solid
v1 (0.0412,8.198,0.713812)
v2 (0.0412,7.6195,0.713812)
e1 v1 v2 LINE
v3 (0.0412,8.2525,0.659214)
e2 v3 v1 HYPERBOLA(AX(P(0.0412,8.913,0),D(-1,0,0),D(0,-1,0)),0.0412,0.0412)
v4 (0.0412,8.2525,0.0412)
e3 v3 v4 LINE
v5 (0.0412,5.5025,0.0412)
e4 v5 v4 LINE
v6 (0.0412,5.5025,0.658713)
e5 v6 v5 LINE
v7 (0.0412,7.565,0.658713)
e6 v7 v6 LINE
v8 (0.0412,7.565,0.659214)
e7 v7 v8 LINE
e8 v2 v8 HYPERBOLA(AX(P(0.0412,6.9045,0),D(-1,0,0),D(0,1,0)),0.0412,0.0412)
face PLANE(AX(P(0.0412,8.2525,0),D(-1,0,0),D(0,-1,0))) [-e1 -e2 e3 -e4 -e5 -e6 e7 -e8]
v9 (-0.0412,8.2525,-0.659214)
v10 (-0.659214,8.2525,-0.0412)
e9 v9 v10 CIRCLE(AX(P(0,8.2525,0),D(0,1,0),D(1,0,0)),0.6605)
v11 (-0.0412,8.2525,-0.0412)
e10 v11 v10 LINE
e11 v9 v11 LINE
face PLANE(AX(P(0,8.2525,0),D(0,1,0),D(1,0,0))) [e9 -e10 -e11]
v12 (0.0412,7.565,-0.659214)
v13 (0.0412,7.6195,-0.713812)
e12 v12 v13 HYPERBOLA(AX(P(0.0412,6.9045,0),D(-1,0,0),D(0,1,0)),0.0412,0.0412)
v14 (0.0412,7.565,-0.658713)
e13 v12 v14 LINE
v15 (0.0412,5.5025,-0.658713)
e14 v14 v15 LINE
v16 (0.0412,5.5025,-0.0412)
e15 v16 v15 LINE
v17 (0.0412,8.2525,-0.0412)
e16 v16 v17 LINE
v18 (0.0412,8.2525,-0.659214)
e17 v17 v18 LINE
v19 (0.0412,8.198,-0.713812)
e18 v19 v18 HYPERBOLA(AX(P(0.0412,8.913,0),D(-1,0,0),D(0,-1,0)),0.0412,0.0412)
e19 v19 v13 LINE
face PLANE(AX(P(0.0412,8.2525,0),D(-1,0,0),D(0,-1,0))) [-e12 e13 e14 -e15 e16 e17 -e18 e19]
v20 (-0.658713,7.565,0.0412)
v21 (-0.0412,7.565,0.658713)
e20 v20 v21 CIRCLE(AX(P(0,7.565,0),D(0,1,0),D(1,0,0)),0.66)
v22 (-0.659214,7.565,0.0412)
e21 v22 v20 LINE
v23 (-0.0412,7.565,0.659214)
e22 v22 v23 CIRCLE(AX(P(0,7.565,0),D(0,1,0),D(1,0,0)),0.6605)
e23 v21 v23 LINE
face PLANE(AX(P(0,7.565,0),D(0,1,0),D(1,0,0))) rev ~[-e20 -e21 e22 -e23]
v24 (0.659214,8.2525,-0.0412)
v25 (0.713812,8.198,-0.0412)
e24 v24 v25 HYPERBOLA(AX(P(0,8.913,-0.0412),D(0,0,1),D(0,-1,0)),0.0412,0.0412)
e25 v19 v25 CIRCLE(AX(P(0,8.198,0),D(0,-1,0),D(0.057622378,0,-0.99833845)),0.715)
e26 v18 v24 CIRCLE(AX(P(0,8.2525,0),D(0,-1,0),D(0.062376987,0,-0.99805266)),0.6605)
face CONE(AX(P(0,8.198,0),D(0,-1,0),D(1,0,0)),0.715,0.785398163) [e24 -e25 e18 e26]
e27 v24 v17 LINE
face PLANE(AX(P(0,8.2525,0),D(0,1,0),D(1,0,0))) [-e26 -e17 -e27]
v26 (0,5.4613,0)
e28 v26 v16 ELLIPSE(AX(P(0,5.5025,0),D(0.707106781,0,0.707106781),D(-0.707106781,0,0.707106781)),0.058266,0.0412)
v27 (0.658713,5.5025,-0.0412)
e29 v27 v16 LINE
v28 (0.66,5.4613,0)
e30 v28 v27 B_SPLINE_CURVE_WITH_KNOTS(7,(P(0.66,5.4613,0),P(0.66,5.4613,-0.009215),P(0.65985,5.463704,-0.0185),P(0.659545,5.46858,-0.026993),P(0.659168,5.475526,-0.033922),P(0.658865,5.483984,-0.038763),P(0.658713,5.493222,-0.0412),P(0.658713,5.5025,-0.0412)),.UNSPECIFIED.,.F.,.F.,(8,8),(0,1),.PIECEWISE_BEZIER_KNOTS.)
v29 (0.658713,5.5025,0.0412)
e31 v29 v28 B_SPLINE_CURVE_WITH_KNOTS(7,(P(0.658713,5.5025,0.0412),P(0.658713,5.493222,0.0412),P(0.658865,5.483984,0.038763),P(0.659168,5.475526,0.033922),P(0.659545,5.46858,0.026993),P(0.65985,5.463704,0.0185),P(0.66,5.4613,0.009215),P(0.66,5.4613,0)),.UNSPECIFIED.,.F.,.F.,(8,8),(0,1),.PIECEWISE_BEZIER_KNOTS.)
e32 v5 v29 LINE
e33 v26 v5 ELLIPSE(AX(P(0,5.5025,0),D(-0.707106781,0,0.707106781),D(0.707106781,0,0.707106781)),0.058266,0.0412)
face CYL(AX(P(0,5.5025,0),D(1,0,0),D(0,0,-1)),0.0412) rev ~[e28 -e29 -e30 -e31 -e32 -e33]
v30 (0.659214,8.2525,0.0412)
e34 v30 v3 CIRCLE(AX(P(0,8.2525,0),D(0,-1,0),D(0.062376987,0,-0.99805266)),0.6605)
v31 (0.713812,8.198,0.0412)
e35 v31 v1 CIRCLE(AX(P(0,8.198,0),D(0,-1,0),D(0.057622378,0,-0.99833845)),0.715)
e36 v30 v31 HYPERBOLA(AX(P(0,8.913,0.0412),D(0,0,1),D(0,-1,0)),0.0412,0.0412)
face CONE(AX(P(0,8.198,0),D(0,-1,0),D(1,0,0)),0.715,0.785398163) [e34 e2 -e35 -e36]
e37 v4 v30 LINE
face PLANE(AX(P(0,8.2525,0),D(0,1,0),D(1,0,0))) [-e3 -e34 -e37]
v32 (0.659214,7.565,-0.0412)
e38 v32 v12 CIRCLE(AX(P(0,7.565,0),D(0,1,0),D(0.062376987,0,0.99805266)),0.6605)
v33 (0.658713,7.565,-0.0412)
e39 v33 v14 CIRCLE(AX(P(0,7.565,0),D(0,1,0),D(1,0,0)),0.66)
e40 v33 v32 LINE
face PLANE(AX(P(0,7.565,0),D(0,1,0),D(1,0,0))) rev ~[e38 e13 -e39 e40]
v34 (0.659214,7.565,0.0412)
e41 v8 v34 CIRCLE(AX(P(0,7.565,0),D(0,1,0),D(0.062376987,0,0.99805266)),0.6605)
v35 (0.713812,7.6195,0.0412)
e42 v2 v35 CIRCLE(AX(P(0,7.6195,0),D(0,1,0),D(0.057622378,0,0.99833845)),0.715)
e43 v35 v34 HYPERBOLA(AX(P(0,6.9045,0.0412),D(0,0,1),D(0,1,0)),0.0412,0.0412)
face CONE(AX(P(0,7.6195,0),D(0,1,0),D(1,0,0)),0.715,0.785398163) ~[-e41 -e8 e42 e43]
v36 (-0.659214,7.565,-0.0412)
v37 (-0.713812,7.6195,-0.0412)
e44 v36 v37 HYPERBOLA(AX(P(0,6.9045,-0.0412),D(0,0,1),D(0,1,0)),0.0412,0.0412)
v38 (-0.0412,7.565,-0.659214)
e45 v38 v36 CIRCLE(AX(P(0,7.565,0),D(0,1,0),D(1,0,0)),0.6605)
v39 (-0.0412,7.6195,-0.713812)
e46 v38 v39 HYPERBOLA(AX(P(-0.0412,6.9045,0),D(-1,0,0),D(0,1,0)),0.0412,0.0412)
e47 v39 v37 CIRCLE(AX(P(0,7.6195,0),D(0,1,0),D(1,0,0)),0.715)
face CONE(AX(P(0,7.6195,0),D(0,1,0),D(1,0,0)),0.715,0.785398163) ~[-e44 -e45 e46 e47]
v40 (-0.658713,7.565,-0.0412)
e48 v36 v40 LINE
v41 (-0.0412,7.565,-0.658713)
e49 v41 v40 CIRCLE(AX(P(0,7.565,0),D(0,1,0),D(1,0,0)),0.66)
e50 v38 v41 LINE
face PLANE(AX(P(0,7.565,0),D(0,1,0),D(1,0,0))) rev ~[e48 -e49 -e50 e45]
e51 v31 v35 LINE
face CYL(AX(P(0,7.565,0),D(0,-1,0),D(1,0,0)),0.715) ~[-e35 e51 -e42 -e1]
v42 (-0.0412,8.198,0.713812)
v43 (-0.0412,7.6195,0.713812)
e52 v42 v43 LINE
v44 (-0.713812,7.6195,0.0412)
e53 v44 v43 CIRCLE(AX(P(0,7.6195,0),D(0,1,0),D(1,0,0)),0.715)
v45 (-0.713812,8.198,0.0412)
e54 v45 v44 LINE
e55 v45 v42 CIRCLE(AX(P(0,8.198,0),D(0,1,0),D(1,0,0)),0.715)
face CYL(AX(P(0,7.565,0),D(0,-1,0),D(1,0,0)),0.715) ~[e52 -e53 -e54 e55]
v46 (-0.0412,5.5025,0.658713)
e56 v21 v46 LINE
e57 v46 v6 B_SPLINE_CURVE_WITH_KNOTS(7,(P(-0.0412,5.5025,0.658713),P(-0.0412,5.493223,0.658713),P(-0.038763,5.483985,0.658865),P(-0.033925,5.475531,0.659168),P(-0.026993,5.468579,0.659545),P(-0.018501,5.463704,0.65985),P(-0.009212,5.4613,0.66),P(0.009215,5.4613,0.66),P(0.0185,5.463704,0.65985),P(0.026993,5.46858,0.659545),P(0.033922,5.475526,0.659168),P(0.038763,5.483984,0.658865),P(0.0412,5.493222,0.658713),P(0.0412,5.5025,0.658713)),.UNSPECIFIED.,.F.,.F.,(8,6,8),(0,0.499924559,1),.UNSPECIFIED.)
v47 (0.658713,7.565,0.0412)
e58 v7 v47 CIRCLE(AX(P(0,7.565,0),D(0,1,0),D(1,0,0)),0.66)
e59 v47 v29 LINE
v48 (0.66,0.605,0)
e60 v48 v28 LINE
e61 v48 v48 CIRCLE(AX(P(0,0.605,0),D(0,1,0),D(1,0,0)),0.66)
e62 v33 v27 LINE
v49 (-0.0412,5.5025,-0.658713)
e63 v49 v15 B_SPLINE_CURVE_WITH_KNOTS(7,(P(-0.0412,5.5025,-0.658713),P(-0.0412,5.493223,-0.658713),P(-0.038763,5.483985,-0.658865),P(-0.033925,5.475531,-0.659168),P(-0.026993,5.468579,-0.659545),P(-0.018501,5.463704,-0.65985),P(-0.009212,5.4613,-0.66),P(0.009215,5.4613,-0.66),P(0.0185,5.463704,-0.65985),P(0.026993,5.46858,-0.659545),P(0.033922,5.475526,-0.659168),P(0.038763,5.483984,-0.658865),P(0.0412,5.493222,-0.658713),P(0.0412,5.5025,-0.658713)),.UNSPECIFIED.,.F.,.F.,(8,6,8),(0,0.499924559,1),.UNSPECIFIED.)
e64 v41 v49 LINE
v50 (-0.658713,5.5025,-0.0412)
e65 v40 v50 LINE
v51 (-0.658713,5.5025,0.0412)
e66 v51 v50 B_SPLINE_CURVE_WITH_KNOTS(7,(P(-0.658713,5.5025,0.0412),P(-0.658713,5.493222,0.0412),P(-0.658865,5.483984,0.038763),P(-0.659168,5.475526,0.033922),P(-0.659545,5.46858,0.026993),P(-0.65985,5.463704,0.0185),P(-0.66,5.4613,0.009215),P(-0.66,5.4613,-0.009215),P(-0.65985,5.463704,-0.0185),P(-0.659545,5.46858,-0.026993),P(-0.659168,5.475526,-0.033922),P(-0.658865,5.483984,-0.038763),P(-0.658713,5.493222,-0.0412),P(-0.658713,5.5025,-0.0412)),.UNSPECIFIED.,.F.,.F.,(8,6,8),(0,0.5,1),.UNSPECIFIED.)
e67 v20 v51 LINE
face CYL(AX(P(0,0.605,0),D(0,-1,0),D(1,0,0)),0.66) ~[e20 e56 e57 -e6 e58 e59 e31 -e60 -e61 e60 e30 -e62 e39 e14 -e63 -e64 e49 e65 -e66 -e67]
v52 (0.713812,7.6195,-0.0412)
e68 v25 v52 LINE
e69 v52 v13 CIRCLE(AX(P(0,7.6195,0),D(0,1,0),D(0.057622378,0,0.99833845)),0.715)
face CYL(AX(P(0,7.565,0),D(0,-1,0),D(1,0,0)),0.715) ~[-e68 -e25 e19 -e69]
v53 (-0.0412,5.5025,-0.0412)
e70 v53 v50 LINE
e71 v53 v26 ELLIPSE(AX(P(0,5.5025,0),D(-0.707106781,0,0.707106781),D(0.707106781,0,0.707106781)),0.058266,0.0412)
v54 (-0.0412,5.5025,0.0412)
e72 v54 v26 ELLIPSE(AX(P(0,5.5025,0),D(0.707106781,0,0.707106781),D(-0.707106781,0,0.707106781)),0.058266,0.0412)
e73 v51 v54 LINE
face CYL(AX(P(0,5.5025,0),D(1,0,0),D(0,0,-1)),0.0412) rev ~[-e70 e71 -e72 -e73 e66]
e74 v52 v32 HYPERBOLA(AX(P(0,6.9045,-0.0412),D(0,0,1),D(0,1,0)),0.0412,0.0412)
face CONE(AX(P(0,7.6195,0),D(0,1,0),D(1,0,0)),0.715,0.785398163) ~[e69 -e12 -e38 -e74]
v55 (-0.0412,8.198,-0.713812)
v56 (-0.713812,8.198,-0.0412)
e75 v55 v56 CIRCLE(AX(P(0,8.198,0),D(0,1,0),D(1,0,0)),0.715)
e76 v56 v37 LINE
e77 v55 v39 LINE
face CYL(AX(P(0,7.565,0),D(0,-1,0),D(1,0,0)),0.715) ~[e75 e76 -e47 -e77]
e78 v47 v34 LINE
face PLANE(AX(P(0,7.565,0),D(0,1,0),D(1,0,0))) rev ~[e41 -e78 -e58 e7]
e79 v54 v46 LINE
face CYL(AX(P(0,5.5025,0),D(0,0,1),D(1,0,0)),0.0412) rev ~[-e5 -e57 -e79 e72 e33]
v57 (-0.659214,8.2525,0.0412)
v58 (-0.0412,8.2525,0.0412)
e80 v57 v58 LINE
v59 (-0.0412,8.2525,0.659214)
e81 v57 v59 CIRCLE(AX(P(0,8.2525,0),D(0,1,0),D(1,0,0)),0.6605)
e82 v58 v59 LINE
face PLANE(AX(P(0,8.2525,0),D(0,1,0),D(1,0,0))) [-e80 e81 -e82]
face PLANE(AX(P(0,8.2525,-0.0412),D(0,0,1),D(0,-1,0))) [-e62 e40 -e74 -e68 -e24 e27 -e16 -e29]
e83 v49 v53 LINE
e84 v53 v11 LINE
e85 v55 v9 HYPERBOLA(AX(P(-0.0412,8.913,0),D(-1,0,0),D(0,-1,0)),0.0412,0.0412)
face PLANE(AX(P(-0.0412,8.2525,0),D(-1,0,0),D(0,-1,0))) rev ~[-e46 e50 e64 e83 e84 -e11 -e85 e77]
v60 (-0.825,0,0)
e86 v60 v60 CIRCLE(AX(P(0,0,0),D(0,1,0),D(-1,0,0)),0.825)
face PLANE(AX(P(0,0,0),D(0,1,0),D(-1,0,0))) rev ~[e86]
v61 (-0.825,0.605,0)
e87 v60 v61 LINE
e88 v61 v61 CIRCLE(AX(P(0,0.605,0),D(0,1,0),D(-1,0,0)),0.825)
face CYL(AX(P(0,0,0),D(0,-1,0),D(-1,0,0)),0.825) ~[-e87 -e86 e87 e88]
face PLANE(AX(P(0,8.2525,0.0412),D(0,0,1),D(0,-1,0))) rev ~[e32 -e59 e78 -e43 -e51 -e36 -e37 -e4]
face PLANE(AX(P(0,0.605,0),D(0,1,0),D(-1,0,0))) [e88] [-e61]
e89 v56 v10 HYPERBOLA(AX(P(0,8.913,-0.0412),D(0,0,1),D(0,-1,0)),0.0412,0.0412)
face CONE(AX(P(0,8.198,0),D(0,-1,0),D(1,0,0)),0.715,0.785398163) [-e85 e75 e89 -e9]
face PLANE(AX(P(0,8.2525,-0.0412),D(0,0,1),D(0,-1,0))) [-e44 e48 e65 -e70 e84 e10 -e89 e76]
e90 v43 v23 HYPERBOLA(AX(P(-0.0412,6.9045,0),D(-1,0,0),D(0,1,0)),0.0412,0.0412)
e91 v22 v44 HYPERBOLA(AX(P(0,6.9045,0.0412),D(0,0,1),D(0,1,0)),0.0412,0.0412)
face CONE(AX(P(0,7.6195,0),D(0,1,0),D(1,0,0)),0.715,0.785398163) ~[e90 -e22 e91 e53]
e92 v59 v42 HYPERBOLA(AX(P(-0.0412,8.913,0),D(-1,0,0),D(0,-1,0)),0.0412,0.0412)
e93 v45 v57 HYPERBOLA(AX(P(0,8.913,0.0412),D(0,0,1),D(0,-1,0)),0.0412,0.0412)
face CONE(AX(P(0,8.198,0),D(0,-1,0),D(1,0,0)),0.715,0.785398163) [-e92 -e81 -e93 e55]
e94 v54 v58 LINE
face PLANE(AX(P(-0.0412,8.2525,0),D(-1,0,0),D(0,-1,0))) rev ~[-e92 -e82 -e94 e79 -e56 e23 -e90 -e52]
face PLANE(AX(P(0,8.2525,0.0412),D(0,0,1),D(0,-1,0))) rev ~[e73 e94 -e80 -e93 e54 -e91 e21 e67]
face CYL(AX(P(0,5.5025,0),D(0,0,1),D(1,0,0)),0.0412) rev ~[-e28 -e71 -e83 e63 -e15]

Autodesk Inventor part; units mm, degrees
ref_plane "YZ Plane" through (0, 0, 0) normal (1, 0, 0) x (0, 1, 0)
ref_plane "XZ Plane" through (0, 0, 0) normal (0, 1, 0) x (-1, 0, 0)
ref_plane "XY Plane" through (0, 0, 0) normal (0, 0, 1) x (1, 0, 0)
sketch "Sketch1" plane through (0, 0, 0) normal (0, 1, 0) x (-1, 0, 0)
  circle A0 centre (0, 0) radius 0.825
  dimension "d0" = 1.65
extrude "Extrusion1" add sketch "Sketch1" along normal blind 0.605
sketch "Sketch2" plane through (0, 0.605, 0) normal (0, 1, 0) x (1, 0, 0)
  circle A0 centre (0, 0) radius 0.825 projected
  circle A1 centre (0, 0) radius 0.66
  dimension "d3" = 1.32
extrude "Extrusion2" add sketch "Sketch2" along normal blind 6.96 contours A1
sketch "Sketch3" plane through (0, 7.565, 0) normal (0, 1, 0) x (1, 0, 0)
  circle A0 centre (0, 0) radius 0.715
  dimension "d6" = 1.43
extrude "Extrusion3" add sketch "Sketch3" along normal blind 0.6875
chamfer "Chamfer1" distance 0.055 angle 45 2 edges at (-0.715, 8.2525, 0) (-0.715, 7.565, 0)
sketch "Sketch4" plane through (0, 0, 0) normal (0, 0, 1) x (1, 0, 0)
  line L0 (-0.66, 8.2525) -> (0.66, 8.2525) projected
  line L1 (0, 8.2525) -> (0.0412, 8.2525)
  line L2 (0.0412, 8.2525) -> (0.0412, 5.5025)
  line L3 (0.0412, 5.5025) -> (0, 5.5025)
  circle A0 centre (0, 5.5025) radius 0.0412
  line L4 (0, 5.5025) -> (0, 5.524)
  line L5 (-0.0412, 8.2525) -> (-0.0412, 5.5025)
  line L6 (-0.0412, 8.2525) -> (0, 8.2525)
  point P0 (0, 0)
  dimension "d12" = 0.0413
  dimension "d13" = 2.75
extrude "Extrusion4" cut sketch "Sketch4" against normal mid plane 2.1875
pattern_circular "Circular Pattern1" count 4 over 360 about axis through (0, 0.605, 0) along (0, 1, 0) of "Extrusion4"
properties part number "Pin_Dedao"
